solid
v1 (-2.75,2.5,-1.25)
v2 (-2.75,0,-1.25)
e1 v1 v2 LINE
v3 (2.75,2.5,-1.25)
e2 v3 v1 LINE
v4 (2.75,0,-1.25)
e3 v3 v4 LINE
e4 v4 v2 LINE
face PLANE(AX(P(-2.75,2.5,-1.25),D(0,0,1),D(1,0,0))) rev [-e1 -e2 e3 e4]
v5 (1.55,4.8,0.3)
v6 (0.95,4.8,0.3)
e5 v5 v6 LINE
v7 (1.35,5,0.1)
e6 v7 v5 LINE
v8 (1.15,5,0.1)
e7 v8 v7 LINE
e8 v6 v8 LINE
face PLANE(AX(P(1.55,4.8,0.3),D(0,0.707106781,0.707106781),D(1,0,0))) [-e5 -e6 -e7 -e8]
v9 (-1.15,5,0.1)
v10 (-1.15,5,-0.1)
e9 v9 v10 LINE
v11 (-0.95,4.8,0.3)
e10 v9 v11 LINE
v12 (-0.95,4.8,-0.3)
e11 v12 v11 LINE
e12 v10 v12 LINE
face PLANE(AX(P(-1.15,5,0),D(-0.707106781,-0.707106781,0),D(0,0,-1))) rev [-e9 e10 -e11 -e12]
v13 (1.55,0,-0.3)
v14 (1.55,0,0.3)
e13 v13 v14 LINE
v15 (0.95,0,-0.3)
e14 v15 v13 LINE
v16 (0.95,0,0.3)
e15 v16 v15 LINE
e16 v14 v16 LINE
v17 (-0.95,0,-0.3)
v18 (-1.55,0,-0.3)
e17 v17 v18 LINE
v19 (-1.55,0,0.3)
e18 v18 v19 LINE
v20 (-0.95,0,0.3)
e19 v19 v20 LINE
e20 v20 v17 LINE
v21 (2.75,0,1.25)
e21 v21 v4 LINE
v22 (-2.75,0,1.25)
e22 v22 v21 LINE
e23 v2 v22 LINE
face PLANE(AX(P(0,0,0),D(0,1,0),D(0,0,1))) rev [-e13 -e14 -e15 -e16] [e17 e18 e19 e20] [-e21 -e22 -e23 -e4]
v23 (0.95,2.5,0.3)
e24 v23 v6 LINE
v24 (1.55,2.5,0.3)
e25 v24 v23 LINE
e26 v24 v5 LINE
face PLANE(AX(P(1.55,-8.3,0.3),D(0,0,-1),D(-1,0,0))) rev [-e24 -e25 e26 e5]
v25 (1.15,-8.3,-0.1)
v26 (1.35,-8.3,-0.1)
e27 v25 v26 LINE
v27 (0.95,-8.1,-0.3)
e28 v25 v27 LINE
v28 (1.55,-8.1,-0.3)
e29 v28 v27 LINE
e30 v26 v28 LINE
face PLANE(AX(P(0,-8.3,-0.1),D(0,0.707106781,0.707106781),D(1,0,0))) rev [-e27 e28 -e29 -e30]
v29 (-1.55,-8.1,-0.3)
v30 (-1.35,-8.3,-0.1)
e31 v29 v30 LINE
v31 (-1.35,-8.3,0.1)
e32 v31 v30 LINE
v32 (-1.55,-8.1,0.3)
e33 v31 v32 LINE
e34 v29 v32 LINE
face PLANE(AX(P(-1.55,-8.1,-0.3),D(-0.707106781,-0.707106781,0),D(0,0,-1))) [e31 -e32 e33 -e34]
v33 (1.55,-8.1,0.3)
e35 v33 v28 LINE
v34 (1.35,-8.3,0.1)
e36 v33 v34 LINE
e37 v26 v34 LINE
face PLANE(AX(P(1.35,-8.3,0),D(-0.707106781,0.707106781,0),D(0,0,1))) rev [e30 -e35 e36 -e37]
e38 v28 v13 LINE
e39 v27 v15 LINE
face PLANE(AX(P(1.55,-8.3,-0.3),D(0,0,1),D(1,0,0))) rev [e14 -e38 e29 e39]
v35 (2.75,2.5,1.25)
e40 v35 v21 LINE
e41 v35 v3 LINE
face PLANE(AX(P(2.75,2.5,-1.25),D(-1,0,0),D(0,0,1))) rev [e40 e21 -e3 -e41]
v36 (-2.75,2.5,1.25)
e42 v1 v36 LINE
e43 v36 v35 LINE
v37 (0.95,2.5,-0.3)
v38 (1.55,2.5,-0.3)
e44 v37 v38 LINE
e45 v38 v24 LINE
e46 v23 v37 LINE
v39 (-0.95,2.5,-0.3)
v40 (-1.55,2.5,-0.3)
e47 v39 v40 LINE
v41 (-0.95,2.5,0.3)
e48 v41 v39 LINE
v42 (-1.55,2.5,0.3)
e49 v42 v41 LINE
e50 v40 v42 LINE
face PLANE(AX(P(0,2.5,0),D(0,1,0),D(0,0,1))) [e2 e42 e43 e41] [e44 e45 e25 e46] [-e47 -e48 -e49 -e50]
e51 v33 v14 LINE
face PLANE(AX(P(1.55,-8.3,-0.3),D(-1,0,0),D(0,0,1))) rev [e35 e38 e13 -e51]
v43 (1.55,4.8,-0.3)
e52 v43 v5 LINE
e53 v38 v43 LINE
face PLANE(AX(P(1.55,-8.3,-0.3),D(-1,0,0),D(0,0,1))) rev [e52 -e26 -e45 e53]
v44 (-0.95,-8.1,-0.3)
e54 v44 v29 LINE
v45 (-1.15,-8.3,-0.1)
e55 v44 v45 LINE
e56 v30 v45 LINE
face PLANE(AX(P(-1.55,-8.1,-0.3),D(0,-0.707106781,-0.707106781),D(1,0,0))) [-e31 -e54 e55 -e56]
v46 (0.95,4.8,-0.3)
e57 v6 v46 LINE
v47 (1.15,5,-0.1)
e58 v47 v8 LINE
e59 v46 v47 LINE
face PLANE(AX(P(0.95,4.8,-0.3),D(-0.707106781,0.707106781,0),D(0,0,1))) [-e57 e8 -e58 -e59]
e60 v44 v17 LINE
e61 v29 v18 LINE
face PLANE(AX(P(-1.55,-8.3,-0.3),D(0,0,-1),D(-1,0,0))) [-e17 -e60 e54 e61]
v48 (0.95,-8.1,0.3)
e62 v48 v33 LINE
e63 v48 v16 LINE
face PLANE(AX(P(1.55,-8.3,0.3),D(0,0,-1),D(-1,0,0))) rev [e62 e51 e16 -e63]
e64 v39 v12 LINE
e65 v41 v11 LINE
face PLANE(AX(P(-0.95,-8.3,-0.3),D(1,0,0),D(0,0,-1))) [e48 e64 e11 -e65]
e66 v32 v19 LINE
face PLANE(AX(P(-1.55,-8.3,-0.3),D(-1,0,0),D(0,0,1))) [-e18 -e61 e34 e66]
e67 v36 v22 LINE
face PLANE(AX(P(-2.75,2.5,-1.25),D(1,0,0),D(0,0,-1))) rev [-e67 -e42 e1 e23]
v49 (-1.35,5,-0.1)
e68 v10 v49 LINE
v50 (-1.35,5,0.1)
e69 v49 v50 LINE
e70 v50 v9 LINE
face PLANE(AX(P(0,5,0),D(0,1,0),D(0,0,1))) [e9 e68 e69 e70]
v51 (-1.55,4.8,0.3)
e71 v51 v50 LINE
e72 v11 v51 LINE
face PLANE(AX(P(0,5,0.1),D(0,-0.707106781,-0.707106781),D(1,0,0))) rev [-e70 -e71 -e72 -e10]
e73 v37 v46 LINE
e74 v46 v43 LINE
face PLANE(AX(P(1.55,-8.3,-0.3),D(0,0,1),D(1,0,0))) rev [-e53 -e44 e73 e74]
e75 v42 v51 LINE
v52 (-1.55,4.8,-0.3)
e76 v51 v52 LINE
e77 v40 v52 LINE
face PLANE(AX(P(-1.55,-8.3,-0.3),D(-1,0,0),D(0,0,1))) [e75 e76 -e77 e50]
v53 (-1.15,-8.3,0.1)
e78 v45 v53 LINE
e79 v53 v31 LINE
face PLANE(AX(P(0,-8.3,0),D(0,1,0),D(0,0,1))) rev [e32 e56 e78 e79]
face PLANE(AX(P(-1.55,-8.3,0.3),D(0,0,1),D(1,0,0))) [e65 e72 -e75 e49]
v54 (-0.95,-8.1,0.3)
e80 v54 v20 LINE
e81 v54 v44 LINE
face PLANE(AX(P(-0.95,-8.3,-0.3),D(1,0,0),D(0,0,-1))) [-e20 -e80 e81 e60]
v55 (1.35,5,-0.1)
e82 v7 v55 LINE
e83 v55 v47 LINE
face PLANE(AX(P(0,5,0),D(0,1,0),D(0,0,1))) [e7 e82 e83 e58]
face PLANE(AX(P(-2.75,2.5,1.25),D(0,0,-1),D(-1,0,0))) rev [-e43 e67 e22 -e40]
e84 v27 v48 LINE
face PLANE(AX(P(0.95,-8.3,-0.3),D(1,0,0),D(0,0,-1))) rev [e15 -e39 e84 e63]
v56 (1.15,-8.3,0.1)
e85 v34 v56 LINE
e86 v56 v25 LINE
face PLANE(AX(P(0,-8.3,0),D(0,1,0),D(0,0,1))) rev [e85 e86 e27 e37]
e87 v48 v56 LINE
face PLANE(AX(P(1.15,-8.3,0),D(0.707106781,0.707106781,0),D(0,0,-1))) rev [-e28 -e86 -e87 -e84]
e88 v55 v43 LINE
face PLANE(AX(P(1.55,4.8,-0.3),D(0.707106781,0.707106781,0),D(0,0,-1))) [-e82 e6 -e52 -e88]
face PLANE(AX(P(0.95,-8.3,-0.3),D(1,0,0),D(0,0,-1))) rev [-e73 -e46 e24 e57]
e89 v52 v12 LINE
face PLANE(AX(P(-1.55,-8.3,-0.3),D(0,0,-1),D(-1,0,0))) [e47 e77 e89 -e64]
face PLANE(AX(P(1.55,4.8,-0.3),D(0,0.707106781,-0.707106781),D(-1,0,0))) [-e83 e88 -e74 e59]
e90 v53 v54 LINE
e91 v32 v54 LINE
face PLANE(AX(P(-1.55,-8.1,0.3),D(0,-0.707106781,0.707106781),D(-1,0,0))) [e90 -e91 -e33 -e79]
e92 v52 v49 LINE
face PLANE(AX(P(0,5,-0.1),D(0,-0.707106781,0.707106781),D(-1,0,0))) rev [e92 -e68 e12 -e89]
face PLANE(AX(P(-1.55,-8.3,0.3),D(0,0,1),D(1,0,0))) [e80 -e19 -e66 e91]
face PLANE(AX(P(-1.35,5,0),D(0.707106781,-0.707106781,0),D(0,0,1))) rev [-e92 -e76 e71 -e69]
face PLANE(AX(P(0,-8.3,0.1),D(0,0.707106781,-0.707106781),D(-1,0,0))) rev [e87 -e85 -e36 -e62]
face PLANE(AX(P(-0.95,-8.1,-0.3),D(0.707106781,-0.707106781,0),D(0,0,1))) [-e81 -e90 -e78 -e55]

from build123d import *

# Parameters (mm, degrees)
SKETCH1_W                = 5.5
SKETCH1_H                = 2.5
BOSS_EXTRUDE1_DEPTH      = 2.5
BOSS_EXTRUDE2_START      = -10.8
SKETCH2_W                = 0.6
SKETCH2_H                = 0.6
BOSS_EXTRUDE2_DEPTH      = 13.3
CHAMFER1_SIZE            = 0.2
CHAMFER1_OF_MIRROR1_SIZE = 0.2


with BuildPart() as part:
    # Sketch1 → Boss-Extrude1 (new body)
    with BuildSketch(Plane(origin=(0, 0, 0), x_dir=(1, 0, 0), z_dir=(0, 1, 0))):
        Rectangle(SKETCH1_W, SKETCH1_H)
    extrude(amount=BOSS_EXTRUDE1_DEPTH)

    # Sketch2 → Boss-Extrude2 (add)
    with BuildSketch(Plane(origin=(0, 2.5, 0), x_dir=(1, 0, 0), z_dir=(0, 1, 0)).offset(BOSS_EXTRUDE2_START)):
        with Locations((-1.25, 0)):
            Rectangle(SKETCH2_W, SKETCH2_H)
    boss_extrude2 = extrude(amount=BOSS_EXTRUDE2_DEPTH)

    # Chamfer1
    chamfer1_edges = [part.edges().sort_by_distance(p)[0] for p in [
        (-1.55, -8.3, 0),
        (-1.25, -8.3, -0.3),
        (-0.95, -8.3, 0),
        (-1.25, -8.3, 0.3),
        (-1.55, 5, 0),
        (-1.25, 5, 0.3),
        (-0.95, 5, 0),
        (-1.25, 5, -0.3),
    ]]
    chamfer(chamfer1_edges, length=CHAMFER1_SIZE)

    # Mirror1: Boss-Extrude2 across plane
    add(boss_extrude2.mirror(Plane(origin=(0, 0, 0), x_dir=(0, 0, 1), z_dir=(1, 0, 0))))

    # Chamfer1 of Mirror1
    chamfer1_of_mirror1_edges = [part.edges().sort_by_distance(p)[0] for p in [
        (1.55, -8.3, 0),
        (1.25, -8.3, -0.3),
        (0.95, -8.3, 0),
        (1.25, -8.3, 0.3),
        (1.55, 5, 0),
        (1.25, 5, 0.3),
        (0.95, 5, 0),
        (1.25, 5, -0.3),
    ]]
    chamfer(chamfer1_of_mirror1_edges, length=CHAMFER1_OF_MIRROR1_SIZE)


solid = part.part
